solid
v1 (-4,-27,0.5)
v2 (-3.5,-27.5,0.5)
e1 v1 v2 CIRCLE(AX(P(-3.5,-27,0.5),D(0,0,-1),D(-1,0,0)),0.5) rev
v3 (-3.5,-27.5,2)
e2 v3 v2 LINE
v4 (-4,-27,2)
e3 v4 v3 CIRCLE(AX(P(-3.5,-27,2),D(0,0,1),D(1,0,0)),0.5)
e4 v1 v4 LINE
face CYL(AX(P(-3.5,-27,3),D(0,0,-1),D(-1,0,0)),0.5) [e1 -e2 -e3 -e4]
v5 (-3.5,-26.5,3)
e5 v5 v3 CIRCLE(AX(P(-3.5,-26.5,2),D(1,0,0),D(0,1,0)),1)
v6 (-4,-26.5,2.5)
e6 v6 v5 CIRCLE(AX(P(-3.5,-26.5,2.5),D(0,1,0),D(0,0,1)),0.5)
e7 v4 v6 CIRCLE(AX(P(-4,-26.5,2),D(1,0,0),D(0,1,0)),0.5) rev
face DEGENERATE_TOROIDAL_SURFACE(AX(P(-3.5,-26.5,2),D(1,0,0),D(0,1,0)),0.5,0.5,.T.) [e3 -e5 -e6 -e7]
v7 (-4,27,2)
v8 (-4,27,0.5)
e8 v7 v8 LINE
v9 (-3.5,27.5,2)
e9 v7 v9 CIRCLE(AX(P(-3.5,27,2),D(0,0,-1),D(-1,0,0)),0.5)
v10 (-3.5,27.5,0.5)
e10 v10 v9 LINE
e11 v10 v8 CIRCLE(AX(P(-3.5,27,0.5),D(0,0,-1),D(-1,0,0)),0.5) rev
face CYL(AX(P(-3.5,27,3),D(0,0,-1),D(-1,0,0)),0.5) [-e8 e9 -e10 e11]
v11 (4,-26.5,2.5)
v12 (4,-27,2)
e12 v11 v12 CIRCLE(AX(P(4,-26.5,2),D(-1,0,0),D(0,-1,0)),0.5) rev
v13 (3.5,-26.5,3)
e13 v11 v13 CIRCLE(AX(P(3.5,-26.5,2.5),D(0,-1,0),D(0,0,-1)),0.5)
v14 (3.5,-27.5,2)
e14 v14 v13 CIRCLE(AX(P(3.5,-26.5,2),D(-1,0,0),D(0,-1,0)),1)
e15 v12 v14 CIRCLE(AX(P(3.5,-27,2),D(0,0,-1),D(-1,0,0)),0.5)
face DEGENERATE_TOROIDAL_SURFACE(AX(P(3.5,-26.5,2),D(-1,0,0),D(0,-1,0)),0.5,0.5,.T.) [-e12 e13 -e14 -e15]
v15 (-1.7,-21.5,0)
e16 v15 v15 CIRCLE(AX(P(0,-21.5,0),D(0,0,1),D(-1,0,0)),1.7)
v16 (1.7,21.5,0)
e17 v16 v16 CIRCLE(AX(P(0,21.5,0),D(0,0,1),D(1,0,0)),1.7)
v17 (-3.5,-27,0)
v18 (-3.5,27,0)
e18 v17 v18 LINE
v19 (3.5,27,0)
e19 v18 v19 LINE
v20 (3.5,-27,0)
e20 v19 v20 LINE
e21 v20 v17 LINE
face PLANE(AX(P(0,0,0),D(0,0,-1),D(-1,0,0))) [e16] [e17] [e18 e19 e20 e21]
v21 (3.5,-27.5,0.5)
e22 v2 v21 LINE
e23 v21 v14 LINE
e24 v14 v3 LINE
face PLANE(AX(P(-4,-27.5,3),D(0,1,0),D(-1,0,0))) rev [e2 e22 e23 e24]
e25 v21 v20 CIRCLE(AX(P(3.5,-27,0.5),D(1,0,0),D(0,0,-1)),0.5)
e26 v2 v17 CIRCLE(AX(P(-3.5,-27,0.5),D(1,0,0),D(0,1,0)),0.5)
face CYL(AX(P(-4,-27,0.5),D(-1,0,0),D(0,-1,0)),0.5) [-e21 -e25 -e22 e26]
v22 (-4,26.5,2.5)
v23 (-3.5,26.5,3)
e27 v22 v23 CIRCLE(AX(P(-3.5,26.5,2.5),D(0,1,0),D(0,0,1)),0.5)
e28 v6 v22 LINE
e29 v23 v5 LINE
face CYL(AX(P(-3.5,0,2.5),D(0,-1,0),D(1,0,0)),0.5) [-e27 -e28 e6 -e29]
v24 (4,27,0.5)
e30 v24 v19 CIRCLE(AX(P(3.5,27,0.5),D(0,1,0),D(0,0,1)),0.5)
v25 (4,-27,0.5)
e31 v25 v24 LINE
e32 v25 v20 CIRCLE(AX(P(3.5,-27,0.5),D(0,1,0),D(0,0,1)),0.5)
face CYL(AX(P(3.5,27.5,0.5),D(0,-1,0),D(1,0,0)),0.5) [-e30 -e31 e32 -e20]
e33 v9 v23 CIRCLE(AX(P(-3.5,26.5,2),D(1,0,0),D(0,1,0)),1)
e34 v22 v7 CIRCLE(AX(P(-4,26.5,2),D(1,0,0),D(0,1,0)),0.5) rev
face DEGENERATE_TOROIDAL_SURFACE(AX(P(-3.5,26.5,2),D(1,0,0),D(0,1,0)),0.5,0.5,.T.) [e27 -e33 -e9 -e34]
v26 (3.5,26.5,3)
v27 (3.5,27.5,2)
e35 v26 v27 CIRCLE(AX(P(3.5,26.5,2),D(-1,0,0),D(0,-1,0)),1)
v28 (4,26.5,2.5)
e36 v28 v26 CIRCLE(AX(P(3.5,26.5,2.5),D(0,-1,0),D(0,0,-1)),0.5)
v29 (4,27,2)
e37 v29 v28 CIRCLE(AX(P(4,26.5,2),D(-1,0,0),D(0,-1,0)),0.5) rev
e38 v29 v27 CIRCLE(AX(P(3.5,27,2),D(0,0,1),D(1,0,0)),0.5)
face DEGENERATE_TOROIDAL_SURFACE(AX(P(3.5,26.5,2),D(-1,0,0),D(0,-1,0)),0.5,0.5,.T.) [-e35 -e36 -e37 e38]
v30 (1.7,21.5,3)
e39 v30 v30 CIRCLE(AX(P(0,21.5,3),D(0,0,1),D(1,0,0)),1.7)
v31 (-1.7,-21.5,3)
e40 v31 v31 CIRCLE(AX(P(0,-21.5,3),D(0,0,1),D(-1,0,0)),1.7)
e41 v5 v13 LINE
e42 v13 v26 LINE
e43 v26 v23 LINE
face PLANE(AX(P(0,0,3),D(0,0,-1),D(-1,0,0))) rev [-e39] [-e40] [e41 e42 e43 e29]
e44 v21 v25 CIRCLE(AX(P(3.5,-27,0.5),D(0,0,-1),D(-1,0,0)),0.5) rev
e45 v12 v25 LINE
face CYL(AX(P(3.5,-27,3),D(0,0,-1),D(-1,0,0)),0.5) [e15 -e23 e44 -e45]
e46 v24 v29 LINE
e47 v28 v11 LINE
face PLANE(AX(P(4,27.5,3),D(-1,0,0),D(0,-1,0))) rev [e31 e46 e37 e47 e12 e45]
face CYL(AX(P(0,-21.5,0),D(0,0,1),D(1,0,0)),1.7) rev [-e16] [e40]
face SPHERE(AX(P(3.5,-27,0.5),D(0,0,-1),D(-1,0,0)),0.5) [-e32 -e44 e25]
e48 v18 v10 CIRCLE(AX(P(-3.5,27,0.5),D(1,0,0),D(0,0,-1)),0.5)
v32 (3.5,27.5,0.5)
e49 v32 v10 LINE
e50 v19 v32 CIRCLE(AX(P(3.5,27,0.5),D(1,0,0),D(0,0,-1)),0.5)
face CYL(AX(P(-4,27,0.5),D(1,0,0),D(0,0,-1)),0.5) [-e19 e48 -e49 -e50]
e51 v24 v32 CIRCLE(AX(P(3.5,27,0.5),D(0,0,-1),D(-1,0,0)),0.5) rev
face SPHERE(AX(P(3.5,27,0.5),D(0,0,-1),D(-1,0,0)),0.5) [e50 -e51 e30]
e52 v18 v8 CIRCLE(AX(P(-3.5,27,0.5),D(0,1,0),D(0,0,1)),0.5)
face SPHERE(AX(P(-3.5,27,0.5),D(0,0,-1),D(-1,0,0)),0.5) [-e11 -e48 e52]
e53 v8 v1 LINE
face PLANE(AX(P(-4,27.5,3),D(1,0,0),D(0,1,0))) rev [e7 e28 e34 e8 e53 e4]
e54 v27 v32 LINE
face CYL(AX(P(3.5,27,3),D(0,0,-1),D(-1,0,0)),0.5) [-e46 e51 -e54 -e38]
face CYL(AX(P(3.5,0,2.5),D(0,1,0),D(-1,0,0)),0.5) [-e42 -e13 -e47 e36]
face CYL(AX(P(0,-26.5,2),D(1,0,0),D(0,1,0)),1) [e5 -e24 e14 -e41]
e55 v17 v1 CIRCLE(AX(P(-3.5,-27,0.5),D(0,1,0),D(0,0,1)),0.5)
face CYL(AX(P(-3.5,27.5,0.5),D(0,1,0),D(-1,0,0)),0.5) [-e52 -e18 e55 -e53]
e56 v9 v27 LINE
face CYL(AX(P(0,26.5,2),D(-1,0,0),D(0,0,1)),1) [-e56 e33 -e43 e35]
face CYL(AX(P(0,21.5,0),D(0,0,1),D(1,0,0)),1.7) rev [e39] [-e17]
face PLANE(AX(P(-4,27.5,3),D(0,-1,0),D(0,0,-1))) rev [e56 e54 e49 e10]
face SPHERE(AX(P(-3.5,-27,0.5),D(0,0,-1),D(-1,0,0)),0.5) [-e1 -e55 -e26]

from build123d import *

# Parameters (mm, degrees)
SKETCH1_W           = 55
SKETCH1_H           = 8
BOSS_EXTRUDE1_DEPTH = 3
SKETCH2_R           = 1.7
CUT_EXTRUDE1_DEPTH  = 3
FILLET2_R           = 1
FILLET3_R           = 0.5
FILLET4_R           = 0.5


with BuildPart() as part:
    # Sketch1 → Boss-Extrude1 (new body)
    with BuildSketch(Plane(origin=(0, 0, 0), x_dir=(0, 1, 0), z_dir=(0, 0, 1))):
        Rectangle(SKETCH1_W, SKETCH1_H)
    extrude(amount=BOSS_EXTRUDE1_DEPTH)

    # Sketch2 → Cut-Extrude1 (cut)
    with BuildSketch(Plane.XY.offset(3)):
        with Locations((0, 21.5)):
            Circle(SKETCH2_R)
        with Locations((0, -21.5)):
            Circle(SKETCH2_R)
    extrude(amount=-CUT_EXTRUDE1_DEPTH, mode=Mode.SUBTRACT)

    # Fillet2
    fillet2_edges = [part.edges().sort_by_distance(p)[0] for p in [
        (0, 27.5, 3),
        (0, -27.5, 3),
    ]]
    fillet(fillet2_edges, radius=FILLET2_R)

    # Fillet3
    fillet3_edges = [part.edges().sort_by_distance(p)[0] for p in [
        (4, 0, 3),
        (-4, 0, 3),
        (4, 27.5, 1),
        (4, -27.5, 1),
        (4, 27.207106781, 2.707106781),
        (4, -27.207106781, 2.707106781),
        (-4, -27.5, 1),
        (-4, 27.5, 1),
        (-4, 27.207106781, 2.707106781),
        (-4, -27.207106781, 2.707106781),
    ]]
    fillet(fillet3_edges, radius=FILLET3_R)

    # Fillet4
    fillet4_edges = [part.edges().sort_by_distance(p)[0] for p in [
        (4, 0, 0),
        (0, -27.5, 0),
        (-4, 0, 0),
        (0, 27.5, 0),
        (-3.853553391, -27.353553391, 0),
        (-3.853553391, 27.353553391, 0),
        (3.853553391, 27.353553391, 0),
        (3.853553391, -27.353553391, 0),
    ]]
    fillet(fillet4_edges, radius=FILLET4_R)


solid = part.part
